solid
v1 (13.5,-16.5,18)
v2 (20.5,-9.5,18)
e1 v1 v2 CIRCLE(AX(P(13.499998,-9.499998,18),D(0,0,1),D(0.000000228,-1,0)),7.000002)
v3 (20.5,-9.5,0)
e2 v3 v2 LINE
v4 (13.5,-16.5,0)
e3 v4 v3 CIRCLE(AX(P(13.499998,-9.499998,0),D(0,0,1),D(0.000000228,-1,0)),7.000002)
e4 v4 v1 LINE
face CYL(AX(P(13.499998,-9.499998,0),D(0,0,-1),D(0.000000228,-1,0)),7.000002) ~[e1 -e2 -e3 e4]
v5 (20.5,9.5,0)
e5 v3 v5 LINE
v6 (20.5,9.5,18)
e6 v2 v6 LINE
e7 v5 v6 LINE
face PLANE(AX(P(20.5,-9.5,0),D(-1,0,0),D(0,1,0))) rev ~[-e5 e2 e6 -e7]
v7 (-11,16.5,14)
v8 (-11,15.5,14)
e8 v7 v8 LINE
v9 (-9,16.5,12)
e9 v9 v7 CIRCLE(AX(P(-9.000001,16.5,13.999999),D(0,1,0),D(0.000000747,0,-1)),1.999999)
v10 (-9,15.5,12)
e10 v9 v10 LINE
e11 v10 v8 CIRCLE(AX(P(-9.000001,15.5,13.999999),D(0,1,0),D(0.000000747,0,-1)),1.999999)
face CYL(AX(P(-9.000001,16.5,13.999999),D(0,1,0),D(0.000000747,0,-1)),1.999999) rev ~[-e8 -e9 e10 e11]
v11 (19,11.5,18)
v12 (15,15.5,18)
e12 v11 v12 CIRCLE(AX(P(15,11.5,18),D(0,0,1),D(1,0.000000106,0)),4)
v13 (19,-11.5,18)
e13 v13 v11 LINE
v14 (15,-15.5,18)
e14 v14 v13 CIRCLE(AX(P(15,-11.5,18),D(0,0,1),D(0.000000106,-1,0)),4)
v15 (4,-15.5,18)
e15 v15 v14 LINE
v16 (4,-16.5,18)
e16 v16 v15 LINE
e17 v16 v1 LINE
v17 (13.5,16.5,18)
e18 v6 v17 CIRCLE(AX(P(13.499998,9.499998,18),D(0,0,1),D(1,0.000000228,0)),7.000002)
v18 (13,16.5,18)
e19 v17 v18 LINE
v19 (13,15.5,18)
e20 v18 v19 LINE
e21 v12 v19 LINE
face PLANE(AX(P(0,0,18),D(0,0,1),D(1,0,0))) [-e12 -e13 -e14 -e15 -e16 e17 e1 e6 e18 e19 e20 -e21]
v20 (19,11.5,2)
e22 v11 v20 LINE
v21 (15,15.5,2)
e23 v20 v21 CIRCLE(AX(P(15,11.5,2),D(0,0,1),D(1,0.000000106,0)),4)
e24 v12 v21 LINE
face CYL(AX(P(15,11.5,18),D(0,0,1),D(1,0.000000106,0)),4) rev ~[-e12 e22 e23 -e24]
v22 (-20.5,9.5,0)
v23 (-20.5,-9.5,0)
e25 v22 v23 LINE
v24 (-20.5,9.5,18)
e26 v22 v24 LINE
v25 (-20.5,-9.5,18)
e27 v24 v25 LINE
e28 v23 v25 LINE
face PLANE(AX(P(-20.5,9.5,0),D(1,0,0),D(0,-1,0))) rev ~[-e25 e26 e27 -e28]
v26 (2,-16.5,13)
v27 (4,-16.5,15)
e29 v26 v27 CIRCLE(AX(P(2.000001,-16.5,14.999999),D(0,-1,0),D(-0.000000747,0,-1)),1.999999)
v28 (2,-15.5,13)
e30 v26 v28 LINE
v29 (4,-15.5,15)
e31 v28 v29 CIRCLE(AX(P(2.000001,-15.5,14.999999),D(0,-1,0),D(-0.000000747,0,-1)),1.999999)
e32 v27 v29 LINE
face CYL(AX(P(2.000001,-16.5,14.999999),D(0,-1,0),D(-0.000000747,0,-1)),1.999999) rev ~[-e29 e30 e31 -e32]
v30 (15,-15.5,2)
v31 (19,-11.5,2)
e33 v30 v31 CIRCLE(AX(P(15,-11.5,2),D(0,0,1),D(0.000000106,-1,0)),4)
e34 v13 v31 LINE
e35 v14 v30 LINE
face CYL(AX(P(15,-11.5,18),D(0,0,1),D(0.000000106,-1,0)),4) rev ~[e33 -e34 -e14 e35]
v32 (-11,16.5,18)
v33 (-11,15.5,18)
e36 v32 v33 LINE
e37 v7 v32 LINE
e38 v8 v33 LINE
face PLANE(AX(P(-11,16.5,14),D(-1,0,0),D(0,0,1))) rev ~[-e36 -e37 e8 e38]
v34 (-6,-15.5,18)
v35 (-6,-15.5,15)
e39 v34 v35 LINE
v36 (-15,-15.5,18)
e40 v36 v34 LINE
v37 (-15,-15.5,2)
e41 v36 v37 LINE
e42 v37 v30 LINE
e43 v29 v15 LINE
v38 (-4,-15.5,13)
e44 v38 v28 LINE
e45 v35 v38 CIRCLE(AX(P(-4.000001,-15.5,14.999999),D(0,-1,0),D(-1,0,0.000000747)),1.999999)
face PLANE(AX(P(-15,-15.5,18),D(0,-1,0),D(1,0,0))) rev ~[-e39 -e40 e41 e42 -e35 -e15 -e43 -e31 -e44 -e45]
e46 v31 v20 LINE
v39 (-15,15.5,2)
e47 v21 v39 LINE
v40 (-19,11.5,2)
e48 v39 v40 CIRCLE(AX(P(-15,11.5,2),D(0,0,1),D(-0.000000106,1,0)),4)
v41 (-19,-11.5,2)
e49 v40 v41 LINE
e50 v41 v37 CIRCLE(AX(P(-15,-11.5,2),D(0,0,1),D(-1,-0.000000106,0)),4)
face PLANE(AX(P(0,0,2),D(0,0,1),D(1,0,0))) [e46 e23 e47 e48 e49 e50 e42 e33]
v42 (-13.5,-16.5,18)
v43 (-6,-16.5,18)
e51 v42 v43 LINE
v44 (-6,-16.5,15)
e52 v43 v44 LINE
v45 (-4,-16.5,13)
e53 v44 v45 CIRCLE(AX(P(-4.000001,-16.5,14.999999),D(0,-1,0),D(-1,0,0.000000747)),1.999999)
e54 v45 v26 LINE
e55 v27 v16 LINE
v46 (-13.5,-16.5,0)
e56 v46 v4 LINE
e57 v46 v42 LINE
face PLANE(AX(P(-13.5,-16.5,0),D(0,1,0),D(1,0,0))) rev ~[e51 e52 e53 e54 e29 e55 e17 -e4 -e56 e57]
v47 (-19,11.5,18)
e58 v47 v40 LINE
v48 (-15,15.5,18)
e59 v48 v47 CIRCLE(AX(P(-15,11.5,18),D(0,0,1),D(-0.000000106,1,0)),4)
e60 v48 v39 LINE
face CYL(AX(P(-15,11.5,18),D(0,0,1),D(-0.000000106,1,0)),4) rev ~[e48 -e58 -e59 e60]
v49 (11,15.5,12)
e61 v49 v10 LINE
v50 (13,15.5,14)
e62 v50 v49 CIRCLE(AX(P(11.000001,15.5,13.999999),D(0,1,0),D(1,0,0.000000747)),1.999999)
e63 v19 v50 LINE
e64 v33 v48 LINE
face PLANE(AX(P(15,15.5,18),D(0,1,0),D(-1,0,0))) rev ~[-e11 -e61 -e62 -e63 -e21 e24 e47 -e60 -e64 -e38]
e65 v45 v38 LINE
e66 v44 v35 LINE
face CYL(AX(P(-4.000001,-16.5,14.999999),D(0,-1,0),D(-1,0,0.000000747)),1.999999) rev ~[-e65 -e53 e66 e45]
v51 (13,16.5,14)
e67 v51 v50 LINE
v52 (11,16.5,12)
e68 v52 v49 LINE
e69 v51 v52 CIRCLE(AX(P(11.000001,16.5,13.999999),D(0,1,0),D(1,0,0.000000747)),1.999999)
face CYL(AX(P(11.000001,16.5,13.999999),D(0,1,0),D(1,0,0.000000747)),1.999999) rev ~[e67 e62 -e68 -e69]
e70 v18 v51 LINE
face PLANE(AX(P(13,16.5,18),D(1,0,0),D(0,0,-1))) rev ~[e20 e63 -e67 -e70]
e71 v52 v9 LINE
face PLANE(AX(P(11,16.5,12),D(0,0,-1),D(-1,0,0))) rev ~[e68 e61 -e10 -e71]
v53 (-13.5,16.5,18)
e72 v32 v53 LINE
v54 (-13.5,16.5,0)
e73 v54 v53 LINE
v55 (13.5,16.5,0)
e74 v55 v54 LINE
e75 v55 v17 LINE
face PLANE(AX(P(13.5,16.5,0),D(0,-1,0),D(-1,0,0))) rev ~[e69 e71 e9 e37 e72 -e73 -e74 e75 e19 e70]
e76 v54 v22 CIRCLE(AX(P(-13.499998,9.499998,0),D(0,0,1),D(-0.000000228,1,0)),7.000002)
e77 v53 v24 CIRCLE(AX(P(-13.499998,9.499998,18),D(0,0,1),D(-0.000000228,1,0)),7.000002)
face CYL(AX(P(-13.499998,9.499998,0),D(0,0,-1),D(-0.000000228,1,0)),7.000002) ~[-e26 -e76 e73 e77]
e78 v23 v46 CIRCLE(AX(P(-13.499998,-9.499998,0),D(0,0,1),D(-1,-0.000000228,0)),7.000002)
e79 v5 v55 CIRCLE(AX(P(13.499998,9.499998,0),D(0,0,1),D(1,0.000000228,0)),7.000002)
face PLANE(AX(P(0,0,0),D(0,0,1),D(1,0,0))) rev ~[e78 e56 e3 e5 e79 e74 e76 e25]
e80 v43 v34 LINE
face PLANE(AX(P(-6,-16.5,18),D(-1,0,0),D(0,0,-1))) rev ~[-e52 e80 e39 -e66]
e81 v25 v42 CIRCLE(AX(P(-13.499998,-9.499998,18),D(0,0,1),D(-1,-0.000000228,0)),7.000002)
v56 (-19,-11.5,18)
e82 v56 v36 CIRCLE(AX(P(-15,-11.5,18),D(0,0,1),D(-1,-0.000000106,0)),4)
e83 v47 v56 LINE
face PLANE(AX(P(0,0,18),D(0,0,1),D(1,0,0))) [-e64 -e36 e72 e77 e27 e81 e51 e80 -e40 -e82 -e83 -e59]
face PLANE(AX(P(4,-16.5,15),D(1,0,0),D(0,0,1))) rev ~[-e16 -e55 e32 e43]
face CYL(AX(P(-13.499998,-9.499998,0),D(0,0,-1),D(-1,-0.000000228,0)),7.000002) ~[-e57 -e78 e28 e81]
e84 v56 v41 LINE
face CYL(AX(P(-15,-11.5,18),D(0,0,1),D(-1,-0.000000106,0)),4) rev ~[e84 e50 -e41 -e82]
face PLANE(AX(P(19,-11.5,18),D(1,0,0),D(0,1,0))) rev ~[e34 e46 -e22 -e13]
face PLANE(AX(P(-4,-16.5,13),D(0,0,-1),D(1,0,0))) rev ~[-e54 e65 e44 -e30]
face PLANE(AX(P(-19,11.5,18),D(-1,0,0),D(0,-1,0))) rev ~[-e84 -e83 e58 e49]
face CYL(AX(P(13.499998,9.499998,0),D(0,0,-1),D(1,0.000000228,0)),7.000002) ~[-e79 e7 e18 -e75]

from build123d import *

# Parameters (mm, degrees)
PAD_DEPTH       = 18
POCKET_DEPTH    = 16
POCKET001_DEPTH = 5
POCKET002_DEPTH = 5


with BuildPart() as part:
    # Sketch → Pad (new body)
    with BuildSketch(Plane.XY):
        with BuildLine():
            Line((-13.5, -16.5), (13.5, -16.5))
            ThreePointArc((13.5, -16.5), (18.449747, -14.449747), (20.5, -9.5))
            Line((20.5, -9.5), (20.5, 9.5))
            ThreePointArc((20.5, 9.5), (18.449747, 14.449747), (13.5, 16.5))
            Line((13.5, 16.5), (-13.5, 16.5))
            ThreePointArc((-13.5, 16.5), (-18.449747, 14.449747), (-20.5, 9.5))
            Line((-20.5, 9.5), (-20.5, -9.5))
            ThreePointArc((-20.5, -9.5), (-18.449747, -14.449747), (-13.5, -16.5))
        make_face()
    extrude(amount=PAD_DEPTH)

    # Sketch001 (on Face10 of Pad) → Pocket (cut)
    with BuildSketch(Plane.XY.offset(18)):
        with BuildLine():
            Line((-19, 11.5), (-19, -11.5))
            ThreePointArc((-19, -11.5), (-17.828427, -14.328427), (-15, -15.5))
            Line((-15, -15.5), (15, -15.5))
            ThreePointArc((15, -15.5), (17.828427, -14.328427), (19, -11.5))
            Line((19, -11.5), (19, 11.5))
            ThreePointArc((19, 11.5), (17.828427, 14.328427), (15, 15.5))
            Line((15, 15.5), (-15, 15.5))
            ThreePointArc((-15, 15.5), (-17.828427, 14.328427), (-19, 11.5))
        make_face()
    extrude(amount=-POCKET_DEPTH, mode=Mode.SUBTRACT)

    # Sketch002 (on Face1 of Pocket) → Pocket001 (cut)
    with BuildSketch(Plane.XZ.offset(16.5)):
        with BuildLine():
            Line((-6, 18), (-6, 15))
            ThreePointArc((-6, 15), (-5.414214, 13.585786), (-4, 13))
            Line((-4, 13), (2, 13))
            ThreePointArc((2, 13), (3.414214, 13.585786), (4, 15))
            Line((4, 15), (4, 18))
            ThreePointArc((4, 18), (3.414214, 19.414214), (2, 20))
            Line((2, 20), (-4, 20))
            ThreePointArc((-4, 20), (-5.414214, 19.414214), (-6, 18))
        make_face()
    extrude(amount=-POCKET001_DEPTH, mode=Mode.SUBTRACT)

    # Sketch003 (on Face13 of Pocket001) → Pocket002 (cut)
    with BuildSketch(Plane(origin=(0, 16.5, 0), x_dir=(-1, 0, 0), z_dir=(0, 1, 0))):
        with BuildLine():
            Line((-13, 18), (-13, 14))
            ThreePointArc((-13, 14), (-12.414214, 12.585786), (-11, 12))
            Line((-11, 12), (9, 12))
            ThreePointArc((9, 12), (10.414214, 12.585786), (11, 14))
            Line((11, 14), (11, 18))
            ThreePointArc((11, 18), (10.414214, 19.414214), (9, 20))
            Line((9, 20), (-11, 20))
            ThreePointArc((-11, 20), (-12.414214, 19.414214), (-13, 18))
        make_face()
    extrude(amount=-POCKET002_DEPTH, mode=Mode.SUBTRACT)


solid = part.part
